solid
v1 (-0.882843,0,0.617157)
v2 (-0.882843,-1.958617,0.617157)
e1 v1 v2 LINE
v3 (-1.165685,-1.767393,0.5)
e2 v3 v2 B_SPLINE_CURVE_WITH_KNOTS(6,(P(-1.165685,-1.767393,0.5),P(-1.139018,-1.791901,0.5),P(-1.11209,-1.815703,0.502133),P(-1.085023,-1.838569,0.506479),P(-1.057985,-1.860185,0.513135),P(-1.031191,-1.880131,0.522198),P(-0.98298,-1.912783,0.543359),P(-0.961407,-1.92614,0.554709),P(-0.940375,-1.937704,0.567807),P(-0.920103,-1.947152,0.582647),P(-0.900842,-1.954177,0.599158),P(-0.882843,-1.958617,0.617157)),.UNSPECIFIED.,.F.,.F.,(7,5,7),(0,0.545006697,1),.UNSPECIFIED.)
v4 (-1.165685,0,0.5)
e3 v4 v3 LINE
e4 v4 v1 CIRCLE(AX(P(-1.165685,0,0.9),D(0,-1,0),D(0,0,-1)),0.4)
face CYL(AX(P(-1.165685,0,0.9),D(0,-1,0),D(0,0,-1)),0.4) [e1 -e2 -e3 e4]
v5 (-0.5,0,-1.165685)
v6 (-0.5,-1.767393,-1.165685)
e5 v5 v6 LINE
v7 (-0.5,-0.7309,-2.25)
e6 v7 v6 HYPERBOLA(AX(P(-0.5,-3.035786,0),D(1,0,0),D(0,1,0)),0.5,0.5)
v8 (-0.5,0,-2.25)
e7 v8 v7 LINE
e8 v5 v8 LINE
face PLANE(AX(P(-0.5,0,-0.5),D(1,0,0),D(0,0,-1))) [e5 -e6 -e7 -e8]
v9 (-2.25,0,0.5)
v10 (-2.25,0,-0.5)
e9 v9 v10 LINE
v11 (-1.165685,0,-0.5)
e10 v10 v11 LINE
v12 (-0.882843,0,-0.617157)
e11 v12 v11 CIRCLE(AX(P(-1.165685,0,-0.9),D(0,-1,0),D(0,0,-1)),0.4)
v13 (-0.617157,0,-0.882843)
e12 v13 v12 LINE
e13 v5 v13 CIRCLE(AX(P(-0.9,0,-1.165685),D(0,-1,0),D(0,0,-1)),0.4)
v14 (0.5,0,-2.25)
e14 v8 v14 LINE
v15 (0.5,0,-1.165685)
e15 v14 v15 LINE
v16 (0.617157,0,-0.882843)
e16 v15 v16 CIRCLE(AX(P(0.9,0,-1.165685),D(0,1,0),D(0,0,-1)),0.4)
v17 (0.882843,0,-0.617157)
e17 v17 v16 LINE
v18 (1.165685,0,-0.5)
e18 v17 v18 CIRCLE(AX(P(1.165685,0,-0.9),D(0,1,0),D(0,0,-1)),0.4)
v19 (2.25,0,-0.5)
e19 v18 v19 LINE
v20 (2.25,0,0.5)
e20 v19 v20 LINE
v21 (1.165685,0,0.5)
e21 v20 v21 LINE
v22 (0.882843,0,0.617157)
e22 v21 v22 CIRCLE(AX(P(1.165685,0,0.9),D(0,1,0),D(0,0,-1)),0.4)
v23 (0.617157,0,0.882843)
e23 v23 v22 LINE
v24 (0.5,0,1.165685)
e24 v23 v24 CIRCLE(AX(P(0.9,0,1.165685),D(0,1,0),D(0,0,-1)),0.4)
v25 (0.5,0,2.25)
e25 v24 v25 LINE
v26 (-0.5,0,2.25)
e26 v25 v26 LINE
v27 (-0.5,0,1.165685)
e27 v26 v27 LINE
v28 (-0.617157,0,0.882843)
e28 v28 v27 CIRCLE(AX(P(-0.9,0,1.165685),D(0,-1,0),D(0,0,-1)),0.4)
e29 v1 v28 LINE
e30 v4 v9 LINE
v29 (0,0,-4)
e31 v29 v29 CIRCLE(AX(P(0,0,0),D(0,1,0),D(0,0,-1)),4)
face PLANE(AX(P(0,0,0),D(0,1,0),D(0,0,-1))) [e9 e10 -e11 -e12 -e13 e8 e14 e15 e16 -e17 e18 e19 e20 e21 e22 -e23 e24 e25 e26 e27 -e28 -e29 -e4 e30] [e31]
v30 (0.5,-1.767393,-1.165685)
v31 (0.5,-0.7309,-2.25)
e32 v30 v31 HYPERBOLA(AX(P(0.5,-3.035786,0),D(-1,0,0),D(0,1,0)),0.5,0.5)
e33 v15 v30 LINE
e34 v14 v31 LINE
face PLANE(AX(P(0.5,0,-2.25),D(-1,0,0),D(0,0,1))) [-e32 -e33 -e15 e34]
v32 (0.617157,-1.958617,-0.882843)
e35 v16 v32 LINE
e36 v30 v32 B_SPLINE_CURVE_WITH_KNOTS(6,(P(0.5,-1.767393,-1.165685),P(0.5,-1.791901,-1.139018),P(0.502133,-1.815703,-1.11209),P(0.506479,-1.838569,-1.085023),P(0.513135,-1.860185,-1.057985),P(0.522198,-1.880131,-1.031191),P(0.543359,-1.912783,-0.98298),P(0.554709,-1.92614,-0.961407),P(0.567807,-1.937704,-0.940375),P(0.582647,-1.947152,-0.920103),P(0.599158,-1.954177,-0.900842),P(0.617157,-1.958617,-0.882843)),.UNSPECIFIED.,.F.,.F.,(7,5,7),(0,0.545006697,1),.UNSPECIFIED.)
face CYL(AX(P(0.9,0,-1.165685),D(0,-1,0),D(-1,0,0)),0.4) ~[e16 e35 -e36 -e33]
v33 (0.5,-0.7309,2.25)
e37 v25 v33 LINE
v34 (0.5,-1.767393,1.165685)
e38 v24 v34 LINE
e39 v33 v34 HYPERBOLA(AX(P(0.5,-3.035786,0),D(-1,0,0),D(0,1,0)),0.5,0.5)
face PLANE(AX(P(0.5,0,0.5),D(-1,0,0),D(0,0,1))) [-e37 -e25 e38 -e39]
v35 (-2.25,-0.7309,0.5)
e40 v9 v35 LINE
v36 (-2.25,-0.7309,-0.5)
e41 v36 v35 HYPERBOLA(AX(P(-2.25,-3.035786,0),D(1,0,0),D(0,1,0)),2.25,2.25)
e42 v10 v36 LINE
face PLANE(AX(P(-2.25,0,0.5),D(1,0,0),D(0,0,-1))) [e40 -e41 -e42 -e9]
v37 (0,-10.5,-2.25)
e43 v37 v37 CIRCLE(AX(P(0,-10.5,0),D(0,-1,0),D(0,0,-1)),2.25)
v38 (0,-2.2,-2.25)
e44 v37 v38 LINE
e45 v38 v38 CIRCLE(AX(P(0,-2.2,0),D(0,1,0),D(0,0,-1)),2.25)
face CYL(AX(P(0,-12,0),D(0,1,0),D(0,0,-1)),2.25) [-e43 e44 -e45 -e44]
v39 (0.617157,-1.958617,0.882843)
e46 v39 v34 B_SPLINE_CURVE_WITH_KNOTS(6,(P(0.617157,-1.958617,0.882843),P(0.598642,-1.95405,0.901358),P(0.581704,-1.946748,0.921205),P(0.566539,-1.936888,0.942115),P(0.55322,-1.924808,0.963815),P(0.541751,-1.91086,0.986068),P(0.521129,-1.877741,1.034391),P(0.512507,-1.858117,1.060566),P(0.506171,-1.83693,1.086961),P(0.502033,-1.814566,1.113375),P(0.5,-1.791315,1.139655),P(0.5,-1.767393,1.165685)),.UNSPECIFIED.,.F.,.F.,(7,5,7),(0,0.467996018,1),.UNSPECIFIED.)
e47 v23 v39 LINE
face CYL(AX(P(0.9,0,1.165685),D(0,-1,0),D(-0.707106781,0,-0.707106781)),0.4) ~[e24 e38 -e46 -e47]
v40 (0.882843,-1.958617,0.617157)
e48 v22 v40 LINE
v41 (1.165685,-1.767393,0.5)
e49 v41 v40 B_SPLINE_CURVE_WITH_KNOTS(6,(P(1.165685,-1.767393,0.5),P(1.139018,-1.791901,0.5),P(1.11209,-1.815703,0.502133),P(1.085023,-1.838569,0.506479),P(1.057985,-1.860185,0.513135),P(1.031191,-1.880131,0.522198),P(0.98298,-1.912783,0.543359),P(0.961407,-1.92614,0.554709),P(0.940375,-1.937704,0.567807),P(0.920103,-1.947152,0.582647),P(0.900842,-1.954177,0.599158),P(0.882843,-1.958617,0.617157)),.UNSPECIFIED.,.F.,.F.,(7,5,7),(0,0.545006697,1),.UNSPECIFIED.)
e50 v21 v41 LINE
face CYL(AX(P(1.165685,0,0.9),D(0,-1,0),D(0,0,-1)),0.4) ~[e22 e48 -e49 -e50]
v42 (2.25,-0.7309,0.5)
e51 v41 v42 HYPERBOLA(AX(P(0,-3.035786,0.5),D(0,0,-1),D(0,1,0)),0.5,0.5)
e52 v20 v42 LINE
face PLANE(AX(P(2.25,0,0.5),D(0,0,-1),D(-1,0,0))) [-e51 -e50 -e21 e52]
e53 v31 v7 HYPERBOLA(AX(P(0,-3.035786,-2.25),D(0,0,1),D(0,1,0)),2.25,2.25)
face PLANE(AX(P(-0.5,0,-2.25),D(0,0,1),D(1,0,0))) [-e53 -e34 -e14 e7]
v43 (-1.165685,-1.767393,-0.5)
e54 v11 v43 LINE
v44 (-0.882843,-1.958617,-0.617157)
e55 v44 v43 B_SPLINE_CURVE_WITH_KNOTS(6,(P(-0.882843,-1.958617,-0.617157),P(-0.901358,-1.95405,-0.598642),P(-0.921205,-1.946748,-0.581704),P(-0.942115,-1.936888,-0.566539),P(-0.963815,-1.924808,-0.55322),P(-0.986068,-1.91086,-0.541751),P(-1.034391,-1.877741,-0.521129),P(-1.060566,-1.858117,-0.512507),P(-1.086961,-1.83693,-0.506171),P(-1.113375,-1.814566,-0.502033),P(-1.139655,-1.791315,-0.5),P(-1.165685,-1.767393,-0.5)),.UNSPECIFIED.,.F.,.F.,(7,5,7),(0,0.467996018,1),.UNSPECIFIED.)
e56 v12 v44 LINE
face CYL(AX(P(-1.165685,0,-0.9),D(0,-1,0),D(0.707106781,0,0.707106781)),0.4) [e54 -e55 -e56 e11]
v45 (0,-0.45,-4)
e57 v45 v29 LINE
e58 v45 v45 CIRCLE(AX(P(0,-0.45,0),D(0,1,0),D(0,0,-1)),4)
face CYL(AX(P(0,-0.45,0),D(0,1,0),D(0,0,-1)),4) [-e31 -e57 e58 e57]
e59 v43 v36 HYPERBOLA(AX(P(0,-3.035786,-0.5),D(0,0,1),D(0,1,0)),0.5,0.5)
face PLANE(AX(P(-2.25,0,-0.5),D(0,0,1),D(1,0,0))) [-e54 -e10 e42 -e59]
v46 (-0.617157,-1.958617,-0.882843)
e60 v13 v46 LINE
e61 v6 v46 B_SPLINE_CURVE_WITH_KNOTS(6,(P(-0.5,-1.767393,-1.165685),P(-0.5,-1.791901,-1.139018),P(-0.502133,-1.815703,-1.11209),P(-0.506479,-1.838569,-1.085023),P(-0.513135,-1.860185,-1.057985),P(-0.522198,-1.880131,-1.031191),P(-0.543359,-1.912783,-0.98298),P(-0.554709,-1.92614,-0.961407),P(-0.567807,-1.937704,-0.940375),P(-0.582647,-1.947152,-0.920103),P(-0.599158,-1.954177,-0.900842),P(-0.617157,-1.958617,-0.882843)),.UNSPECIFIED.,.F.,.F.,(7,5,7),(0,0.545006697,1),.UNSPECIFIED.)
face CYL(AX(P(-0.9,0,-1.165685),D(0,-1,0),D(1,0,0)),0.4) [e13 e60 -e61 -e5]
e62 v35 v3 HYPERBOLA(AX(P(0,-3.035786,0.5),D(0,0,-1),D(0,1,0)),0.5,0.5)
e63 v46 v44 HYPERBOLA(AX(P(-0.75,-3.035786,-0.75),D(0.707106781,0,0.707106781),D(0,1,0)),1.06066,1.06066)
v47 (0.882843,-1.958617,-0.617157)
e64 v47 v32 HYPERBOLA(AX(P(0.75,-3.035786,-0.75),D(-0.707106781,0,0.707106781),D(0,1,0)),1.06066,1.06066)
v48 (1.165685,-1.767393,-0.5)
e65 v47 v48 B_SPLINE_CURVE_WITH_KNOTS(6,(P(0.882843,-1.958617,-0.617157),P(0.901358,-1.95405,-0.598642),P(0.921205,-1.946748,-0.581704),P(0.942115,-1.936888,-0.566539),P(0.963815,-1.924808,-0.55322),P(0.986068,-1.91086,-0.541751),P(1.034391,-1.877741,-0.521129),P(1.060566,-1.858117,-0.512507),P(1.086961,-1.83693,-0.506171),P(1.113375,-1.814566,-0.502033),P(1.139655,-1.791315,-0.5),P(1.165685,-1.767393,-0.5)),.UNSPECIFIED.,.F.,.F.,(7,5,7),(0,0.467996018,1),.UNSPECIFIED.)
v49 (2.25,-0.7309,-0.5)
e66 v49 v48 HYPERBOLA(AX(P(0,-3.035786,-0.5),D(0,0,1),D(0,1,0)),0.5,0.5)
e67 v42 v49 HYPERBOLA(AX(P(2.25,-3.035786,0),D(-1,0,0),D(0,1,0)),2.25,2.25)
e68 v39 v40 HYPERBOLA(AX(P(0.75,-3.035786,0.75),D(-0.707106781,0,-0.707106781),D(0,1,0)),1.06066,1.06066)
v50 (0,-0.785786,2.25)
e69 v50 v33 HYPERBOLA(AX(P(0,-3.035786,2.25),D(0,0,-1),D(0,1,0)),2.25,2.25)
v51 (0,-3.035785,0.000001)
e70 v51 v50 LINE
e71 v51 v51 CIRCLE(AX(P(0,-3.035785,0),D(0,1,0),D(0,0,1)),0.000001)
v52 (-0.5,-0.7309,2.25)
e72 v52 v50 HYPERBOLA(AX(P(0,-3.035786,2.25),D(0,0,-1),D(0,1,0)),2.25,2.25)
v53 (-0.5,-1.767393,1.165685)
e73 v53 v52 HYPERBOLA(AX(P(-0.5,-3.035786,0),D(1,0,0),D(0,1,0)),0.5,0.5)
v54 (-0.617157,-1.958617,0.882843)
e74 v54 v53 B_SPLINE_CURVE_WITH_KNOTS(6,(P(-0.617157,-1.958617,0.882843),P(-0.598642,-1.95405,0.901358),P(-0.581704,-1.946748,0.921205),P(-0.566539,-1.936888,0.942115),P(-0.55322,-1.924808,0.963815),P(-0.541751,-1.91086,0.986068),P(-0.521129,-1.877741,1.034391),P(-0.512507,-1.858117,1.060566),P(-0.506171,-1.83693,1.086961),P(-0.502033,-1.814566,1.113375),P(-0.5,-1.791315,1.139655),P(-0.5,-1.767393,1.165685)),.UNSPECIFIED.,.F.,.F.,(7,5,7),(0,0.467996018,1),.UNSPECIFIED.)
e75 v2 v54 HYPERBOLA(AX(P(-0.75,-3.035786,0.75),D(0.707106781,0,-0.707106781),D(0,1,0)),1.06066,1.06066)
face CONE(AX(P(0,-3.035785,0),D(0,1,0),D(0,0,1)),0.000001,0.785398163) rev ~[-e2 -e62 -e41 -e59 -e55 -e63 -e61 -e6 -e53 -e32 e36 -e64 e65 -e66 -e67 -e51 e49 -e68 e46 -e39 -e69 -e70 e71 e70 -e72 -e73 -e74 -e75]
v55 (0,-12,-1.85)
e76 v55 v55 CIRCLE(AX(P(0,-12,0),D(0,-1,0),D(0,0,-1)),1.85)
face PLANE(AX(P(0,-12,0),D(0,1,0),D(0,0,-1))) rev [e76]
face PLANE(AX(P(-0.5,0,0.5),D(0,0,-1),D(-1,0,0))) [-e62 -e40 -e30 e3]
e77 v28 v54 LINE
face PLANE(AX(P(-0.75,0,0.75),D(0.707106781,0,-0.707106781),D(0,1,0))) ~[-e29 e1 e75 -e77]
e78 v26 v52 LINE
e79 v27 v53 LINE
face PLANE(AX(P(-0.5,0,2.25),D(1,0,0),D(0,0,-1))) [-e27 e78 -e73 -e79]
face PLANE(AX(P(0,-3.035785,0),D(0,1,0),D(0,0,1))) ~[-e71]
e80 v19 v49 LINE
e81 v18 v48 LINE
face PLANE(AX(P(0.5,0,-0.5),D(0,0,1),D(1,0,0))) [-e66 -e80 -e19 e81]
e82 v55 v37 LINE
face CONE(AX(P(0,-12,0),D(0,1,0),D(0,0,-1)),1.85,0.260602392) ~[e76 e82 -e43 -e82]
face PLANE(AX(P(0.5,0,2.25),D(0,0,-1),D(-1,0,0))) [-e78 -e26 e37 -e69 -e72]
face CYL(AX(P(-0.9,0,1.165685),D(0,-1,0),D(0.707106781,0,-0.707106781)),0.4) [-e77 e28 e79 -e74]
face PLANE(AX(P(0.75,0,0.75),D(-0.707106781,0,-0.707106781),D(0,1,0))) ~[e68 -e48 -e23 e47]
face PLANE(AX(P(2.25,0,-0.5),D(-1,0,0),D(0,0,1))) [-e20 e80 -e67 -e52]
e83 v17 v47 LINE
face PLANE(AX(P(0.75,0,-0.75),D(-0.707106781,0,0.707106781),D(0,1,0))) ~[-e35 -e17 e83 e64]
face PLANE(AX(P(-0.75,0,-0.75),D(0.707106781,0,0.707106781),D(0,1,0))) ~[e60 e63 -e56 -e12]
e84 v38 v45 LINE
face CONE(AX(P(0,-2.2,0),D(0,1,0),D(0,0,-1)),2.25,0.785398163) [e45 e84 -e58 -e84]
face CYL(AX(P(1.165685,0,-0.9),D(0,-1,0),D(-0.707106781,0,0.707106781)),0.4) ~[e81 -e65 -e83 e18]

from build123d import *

# Parameters (mm, degrees)
CUT_EXTRUDE2_REACH = 15.266
CHAMFER1_SIZE      = 0.5
FILLET1_R          = 0.4


with BuildPart() as part:
    # Sketch1 → Revolve1 (revolve)
    with BuildSketch(Plane.XY, mode=Mode.PRIVATE) as revolve1_sk:
        Polygon((0, 0), (0, -12), (2.25, -12), (2.25, -2.2), (4, -0.45), (4, 0), align=None)
    revolve(revolve1_sk.sketch.rotate(Axis((0, 0, 0), (0, 1, 0)), 90), axis=Axis((0, 0, 0), (0, 1, 0)))

    # Sketch4 → Cut-Revolve1 (revolve, cut)
    with BuildSketch(Plane(origin=(0, 0, 0), x_dir=(0, 0, -1), z_dir=(1, 0, 0))):
        Polygon((1.85, -12), (2.25, -10.5), (2.25, -12), align=None)
    revolve(axis=Axis((0, 0, 0), (0, -1, 0)), mode=Mode.SUBTRACT)

    # Cut-Extrude2: up to this cone (the profile starts inside it)
    cut_extrude2_end = Plane(origin=(0, 0, 0), z_dir=(0, 1, 0)).offset(-3.035785438) * Cone(1e-06, 21.837572875, 21.837571875, align=(Align.CENTER, Align.CENTER, Align.MIN), mode=Mode.PRIVATE)
    # Sketch6 → Cut-Extrude2 (cut, up to the surface)
    with BuildSketch(Plane(origin=(0, 0, 0), x_dir=(1, 0, 0), z_dir=(0, 1, 0)), mode=Mode.PRIVATE) as cut_extrude2_sk1:
        Polygon((-0.5, 2.25), (0.5, 2.25), (0.5, 0.5), (2.25, 0.5), (2.25, -0.5), (0.5, -0.5), (0.5, -2.25), (-0.5, -2.25), (-0.5, -0.5), (-2.25, -0.5), (-2.25, 0.5), (-0.5, 0.5), align=None)
    cut_extrude2_tool1 = extrude(cut_extrude2_sk1.sketch, amount=-CUT_EXTRUDE2_REACH, mode=Mode.PRIVATE) & cut_extrude2_end
    add(cut_extrude2_tool1.solids().sort_by_distance((0, 0, 0))[0], mode=Mode.SUBTRACT)

    # Chamfer1
    chamfer1_edges = [part.edges().sort_by_distance(p)[0] for p in [
        (0.5, -1.164339828, 0.5),
        (-0.5, -1.164339828, 0.5),
        (0.5, -1.164339828, -0.5),
        (-0.5, -1.164339828, -0.5),
    ]]
    chamfer(chamfer1_edges, length=CHAMFER1_SIZE)

    # Fillet1
    fillet1_edges = [part.edges().sort_by_distance(p)[0] for p in [
        (-1, -0.958876224, 0.5),
        (-0.5, -0.958876224, 1),
        (0.5, -0.958876224, 1),
        (1, -0.958876224, 0.5),
        (1, -0.958876224, -0.5),
        (0.5, -0.958876224, -1),
        (-0.5, -0.958876224, -1),
        (-1, -0.958876224, -0.5),
    ]]
    fillet(fillet1_edges, radius=FILLET1_R)


solid = part.part
